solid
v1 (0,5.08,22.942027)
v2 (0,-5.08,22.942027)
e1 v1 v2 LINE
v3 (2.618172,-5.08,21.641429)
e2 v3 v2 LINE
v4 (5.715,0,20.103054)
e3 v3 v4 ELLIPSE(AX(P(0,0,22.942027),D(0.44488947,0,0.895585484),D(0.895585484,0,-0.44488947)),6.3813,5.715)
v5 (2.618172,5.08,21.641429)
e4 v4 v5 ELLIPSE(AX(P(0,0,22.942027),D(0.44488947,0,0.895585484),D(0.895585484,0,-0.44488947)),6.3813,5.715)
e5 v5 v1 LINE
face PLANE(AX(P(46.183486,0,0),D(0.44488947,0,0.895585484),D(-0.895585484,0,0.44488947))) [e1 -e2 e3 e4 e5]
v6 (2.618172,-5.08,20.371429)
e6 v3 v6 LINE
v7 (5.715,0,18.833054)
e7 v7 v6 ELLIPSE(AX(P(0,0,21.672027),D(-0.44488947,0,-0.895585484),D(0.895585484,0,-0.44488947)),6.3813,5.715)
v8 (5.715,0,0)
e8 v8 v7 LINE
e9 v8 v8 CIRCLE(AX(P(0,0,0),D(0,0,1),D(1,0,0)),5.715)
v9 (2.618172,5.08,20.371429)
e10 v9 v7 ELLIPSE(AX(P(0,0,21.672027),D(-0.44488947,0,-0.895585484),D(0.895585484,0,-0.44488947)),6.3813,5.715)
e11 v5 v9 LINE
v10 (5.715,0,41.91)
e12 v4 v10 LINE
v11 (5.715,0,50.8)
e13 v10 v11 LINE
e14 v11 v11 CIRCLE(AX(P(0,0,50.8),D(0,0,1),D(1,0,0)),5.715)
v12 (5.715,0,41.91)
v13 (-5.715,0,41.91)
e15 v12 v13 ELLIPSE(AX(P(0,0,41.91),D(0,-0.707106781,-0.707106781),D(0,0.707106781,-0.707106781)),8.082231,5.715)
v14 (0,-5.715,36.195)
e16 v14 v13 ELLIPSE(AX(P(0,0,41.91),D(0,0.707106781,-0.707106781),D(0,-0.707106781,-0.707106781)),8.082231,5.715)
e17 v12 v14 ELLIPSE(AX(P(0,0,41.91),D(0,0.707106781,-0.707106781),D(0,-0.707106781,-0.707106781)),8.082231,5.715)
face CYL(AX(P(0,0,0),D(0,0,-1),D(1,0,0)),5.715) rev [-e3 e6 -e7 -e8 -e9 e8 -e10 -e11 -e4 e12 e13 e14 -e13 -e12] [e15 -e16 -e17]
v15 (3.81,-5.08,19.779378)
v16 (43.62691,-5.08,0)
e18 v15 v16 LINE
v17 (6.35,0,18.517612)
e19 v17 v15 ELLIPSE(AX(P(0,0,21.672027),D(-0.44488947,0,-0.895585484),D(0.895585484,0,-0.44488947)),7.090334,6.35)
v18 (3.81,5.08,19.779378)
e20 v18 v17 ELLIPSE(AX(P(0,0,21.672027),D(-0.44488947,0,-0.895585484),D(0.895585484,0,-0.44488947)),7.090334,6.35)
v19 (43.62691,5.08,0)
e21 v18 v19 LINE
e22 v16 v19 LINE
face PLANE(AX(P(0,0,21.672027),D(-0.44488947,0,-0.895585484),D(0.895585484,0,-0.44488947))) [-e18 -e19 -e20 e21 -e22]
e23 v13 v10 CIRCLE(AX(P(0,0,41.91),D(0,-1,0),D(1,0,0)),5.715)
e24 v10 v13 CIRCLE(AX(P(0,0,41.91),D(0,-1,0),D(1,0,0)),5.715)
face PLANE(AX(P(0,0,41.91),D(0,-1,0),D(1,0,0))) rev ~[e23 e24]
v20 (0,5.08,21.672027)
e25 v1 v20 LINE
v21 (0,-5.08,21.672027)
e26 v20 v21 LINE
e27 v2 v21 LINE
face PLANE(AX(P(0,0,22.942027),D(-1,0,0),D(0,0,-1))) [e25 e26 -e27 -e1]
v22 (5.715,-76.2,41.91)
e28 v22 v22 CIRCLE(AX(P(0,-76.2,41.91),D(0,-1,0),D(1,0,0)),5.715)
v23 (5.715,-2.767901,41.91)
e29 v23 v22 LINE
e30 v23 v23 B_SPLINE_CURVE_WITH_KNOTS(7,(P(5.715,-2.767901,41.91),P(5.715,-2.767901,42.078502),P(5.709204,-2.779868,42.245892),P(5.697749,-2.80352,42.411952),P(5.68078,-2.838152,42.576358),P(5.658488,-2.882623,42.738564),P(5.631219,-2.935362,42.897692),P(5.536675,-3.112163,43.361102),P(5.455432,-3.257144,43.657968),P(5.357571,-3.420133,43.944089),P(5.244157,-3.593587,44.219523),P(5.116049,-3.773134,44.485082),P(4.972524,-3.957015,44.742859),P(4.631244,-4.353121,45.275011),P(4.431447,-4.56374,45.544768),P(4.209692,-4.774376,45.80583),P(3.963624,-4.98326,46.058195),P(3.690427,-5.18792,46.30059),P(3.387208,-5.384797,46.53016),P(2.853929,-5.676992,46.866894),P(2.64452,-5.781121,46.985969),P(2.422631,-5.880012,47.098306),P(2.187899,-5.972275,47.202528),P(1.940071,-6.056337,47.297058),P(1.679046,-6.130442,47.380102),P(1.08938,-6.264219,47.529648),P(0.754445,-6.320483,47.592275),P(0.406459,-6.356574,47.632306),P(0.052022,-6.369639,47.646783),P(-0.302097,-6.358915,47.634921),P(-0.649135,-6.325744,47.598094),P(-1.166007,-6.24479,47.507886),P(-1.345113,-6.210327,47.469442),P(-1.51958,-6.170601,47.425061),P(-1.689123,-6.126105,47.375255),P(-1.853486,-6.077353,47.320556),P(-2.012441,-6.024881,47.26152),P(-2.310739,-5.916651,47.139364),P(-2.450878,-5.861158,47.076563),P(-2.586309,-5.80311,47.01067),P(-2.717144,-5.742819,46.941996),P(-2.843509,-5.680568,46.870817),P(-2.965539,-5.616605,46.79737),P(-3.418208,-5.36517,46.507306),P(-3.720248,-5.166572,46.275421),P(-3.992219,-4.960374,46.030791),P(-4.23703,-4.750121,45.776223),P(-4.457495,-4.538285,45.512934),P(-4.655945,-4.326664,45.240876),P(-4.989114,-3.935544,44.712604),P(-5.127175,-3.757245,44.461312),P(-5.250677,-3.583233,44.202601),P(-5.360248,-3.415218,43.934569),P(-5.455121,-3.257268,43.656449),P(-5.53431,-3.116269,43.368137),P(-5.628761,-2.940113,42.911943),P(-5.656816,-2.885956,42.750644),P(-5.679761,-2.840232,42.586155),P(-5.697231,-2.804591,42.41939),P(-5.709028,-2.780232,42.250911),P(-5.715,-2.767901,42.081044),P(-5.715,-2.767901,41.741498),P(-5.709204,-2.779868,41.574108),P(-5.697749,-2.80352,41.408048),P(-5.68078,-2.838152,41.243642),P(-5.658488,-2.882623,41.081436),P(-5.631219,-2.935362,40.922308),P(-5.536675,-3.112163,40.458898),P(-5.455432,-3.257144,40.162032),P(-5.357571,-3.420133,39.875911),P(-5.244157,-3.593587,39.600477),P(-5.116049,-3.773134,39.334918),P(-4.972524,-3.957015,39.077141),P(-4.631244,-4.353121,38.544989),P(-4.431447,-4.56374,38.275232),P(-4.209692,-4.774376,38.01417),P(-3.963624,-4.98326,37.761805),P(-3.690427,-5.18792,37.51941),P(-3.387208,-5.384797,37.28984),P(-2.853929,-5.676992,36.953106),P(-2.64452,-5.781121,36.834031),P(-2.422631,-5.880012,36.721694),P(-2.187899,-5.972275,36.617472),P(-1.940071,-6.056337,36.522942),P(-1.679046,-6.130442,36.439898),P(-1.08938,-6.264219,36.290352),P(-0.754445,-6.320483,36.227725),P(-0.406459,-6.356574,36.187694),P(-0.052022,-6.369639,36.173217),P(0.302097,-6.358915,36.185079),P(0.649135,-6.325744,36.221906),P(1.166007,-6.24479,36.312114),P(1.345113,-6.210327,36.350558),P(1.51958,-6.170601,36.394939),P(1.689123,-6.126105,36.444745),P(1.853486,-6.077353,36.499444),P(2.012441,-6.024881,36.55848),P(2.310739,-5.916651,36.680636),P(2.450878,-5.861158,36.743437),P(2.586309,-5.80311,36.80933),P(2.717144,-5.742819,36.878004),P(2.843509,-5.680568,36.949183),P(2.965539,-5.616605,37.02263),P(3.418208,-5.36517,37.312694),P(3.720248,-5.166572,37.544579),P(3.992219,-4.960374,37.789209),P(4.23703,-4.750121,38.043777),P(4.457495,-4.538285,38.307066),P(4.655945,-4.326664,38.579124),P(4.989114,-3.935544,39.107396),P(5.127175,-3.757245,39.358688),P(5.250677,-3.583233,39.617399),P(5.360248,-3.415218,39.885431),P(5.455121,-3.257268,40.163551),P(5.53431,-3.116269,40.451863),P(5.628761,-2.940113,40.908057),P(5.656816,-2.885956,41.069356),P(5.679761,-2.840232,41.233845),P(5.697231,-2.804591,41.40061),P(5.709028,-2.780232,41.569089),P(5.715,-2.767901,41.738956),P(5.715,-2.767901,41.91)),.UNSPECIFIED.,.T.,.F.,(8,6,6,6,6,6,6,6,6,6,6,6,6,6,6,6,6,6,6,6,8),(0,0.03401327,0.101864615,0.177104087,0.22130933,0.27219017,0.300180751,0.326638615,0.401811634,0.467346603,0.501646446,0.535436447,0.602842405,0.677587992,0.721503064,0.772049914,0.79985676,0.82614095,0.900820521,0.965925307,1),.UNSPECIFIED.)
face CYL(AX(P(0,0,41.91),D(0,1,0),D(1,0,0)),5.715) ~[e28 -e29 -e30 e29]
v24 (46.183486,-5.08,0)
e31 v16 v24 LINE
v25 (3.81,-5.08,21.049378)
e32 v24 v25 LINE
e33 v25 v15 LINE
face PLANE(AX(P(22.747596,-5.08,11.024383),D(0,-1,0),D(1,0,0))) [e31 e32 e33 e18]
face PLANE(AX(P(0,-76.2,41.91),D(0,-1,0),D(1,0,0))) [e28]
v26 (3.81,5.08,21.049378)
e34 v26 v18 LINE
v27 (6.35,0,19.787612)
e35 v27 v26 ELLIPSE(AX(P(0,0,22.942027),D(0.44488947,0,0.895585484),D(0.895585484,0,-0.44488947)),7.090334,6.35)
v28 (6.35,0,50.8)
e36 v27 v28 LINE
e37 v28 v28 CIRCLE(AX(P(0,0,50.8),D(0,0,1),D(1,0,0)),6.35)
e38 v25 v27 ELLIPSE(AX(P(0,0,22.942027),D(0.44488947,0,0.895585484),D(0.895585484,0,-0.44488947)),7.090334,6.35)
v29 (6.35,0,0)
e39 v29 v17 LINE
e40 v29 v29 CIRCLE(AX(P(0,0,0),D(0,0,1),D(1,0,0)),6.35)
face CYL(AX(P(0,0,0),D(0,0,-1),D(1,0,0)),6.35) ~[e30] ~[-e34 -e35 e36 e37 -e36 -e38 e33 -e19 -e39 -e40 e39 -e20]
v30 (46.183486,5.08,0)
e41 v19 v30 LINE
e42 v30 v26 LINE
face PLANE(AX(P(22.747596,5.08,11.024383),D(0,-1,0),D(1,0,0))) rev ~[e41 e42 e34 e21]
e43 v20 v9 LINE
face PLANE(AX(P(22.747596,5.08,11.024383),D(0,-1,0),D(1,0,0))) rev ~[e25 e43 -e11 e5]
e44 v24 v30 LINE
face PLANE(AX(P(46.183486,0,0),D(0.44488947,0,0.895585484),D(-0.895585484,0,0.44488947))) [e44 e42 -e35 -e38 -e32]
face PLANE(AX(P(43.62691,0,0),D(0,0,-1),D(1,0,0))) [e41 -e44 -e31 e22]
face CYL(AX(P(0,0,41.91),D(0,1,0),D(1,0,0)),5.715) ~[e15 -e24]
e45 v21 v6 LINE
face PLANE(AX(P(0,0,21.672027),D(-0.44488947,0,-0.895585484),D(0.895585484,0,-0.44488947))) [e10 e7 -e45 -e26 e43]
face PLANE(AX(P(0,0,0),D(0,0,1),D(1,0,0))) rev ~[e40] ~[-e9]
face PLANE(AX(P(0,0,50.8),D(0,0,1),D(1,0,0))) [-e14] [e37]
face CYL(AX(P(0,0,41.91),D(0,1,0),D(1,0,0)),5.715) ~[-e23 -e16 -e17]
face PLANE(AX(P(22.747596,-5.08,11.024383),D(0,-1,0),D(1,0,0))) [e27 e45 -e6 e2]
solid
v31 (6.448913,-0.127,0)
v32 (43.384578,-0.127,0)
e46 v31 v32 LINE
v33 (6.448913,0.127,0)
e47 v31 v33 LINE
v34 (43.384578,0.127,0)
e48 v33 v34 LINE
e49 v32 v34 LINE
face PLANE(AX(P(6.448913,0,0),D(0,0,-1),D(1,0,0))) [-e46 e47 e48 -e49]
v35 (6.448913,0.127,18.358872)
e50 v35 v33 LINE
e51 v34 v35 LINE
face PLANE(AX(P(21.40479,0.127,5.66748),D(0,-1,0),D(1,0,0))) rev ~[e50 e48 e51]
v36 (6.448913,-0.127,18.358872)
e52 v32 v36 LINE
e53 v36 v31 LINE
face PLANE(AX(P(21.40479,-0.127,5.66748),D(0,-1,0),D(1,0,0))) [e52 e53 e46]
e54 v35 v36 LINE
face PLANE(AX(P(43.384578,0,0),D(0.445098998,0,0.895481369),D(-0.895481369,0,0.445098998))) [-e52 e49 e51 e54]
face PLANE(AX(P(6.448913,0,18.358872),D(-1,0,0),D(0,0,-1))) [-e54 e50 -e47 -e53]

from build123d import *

# Parameters (mm, degrees)
F0_R     = 6.35
F0_R_2   = 5.715
F1_DEPTH = 50.8
F2_R     = 5.715
F3_DEPTH = 76.2
F5_DEPTH = 5.08
F7_DEPTH = 0.127


with BuildPart() as f1:
    # F0 (on Top) → F1 (new body)
    with BuildSketch(Plane.XY):
        Circle(F0_R)
        Circle(F0_R_2, mode=Mode.SUBTRACT)
    extrude(amount=F1_DEPTH)

    # F2 (on Front) → F3 (join)
    with BuildSketch(Plane.XZ):
        with Locations((0, 41.91)):
            Circle(F2_R)
    extrude(amount=F3_DEPTH)

    # F4 (on Front) → F5 (join, symmetric)
    with BuildSketch(Plane.XZ):
        Polygon((46.1834855378, 0), (0, 22.9420270771), (0, 21.6720270771), (43.6269099381, 0), align=None)
    extrude(amount=F5_DEPTH, both=True)


with BuildPart() as f7:
    # F6 (on Front) → F7 (new body, symmetric)
    with BuildSketch(Plane.XZ):
        Polygon((43.384578079, 0), (6.4489128999, 18.3588717035), (6.4489128999, 0), align=None)
    extrude(amount=F7_DEPTH, both=True)


solid = Compound([f1.part, f7.part])
